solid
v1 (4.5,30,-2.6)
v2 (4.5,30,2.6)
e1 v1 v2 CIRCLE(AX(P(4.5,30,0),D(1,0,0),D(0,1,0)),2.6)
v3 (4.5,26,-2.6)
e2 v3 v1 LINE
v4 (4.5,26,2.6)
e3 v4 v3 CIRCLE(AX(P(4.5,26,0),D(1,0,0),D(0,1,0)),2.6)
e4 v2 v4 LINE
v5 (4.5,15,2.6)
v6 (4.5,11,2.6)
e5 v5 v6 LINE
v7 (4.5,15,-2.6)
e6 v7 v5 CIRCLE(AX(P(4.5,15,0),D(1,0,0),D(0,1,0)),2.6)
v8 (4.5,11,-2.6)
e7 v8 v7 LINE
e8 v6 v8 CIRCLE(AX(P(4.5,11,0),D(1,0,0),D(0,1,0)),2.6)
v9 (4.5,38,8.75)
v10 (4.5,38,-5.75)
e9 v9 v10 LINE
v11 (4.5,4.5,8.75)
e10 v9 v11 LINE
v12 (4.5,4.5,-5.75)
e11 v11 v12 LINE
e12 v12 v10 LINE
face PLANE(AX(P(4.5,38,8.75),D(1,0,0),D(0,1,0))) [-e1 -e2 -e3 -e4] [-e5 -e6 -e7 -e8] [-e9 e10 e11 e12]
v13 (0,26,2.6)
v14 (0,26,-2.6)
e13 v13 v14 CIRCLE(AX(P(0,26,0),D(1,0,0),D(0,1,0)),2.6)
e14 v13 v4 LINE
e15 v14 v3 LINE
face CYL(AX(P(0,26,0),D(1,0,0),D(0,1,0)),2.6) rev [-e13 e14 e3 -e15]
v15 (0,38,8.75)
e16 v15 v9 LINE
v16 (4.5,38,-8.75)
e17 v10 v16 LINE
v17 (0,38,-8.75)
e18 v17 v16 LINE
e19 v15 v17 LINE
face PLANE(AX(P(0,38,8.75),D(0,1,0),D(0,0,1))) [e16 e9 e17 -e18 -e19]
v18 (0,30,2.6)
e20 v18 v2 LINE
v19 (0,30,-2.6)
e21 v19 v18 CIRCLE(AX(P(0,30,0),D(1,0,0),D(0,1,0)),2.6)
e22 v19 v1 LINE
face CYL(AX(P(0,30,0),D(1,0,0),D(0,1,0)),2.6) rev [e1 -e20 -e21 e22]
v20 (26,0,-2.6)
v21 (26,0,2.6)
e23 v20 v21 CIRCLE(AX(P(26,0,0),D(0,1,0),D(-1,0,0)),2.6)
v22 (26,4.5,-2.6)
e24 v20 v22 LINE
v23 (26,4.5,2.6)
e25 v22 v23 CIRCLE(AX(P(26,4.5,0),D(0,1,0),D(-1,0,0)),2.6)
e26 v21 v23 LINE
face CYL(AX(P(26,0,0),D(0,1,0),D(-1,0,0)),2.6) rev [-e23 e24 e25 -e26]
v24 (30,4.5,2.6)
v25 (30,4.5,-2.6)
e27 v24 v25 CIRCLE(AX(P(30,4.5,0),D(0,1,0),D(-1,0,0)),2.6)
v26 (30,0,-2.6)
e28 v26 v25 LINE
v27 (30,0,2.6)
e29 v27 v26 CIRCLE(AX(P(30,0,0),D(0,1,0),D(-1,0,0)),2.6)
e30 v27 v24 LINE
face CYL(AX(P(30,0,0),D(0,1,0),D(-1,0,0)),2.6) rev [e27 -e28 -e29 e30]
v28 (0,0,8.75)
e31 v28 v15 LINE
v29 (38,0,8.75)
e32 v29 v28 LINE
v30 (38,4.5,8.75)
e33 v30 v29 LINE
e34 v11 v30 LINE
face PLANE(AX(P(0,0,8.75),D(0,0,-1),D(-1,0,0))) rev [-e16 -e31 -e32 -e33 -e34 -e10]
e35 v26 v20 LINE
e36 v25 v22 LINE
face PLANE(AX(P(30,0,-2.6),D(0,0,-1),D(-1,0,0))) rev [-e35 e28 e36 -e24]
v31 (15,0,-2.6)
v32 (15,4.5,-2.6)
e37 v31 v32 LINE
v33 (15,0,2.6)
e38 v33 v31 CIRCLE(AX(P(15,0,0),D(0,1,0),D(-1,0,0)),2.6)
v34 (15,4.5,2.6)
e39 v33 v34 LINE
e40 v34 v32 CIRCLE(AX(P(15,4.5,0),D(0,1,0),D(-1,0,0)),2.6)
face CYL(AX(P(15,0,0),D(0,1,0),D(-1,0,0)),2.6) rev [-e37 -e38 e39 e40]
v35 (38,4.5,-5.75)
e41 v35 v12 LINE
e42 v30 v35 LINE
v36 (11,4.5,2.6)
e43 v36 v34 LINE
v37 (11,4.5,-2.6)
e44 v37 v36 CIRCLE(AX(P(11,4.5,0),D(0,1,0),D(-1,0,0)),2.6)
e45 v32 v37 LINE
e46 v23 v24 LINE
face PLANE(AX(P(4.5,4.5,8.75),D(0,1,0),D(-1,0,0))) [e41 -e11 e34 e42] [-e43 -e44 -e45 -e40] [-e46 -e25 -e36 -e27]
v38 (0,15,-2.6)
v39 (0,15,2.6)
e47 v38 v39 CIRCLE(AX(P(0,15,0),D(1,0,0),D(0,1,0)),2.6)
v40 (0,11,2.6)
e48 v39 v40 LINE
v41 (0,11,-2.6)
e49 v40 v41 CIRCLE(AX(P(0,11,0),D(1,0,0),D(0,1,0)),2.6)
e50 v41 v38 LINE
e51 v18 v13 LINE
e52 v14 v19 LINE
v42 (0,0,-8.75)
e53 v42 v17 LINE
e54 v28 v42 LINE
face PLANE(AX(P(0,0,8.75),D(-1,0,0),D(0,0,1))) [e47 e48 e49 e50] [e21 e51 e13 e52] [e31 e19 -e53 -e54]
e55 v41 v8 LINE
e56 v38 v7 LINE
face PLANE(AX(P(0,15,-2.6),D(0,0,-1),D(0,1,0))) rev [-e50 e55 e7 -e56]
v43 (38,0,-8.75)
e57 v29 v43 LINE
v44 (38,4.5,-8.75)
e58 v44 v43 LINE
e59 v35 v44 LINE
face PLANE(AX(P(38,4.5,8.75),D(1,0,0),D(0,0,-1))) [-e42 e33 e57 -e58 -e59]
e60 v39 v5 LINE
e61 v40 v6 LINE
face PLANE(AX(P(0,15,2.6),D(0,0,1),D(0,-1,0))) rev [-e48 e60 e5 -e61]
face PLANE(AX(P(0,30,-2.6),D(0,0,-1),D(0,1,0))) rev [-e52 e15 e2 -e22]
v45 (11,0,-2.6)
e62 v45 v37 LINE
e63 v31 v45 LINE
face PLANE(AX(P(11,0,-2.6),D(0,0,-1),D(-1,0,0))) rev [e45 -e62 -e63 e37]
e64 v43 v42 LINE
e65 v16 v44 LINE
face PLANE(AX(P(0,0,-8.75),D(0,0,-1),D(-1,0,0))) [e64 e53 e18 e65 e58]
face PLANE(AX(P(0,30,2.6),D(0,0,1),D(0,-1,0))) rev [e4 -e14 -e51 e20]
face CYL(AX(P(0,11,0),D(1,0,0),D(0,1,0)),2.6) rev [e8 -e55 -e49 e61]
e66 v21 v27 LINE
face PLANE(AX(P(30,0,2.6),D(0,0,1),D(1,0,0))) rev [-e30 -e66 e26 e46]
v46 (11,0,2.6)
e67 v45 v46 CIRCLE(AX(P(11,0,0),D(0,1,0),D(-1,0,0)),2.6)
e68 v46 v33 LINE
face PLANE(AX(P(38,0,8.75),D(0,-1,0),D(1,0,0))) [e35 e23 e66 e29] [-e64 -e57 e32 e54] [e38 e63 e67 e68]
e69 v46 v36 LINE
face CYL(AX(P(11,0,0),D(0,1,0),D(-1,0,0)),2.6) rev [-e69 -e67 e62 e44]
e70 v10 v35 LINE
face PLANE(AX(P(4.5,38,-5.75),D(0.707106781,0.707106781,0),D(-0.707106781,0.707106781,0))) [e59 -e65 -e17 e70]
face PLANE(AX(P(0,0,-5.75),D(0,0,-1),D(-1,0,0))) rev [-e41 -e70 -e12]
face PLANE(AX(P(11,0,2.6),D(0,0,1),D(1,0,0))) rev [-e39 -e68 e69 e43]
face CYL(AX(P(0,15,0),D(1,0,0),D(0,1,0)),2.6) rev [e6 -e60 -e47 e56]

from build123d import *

# Parameters (mm, degrees)
BOSS_EXTRUDE1_DEPTH = 8.75
BOSS_EXTRUDE2_DEPTH = 3
CUT_EXTRUDE1_DEPTH  = 4.5
CUT_EXTRUDE2_DEPTH  = 4.5


with BuildPart() as part:
    # Sketch1 → Boss-Extrude1 (new, symmetric)
    with BuildSketch(Plane.XY):
        Polygon((0, 0), (0, 38), (4.5, 38), (4.5, 4.5), (38, 4.5), (38, 0), align=None)
    extrude(amount=BOSS_EXTRUDE1_DEPTH, both=True)

    # Sketch2 → Boss-Extrude2 (add)
    with BuildSketch(Plane(origin=(0, 0, -8.75), x_dir=(-1, 0, 0), z_dir=(0, 0, -1))):
        Polygon((-4.5, 38), (-38, 4.5), (-38, 0), (0, 0), (0, 38), align=None)
    extrude(amount=-BOSS_EXTRUDE2_DEPTH)

    # Sketch3 → Cut-Extrude1 (cut)
    with BuildSketch(Plane(origin=(0, 4.5, 0), x_dir=(1, 0, 0), z_dir=(0, 1, 0))):
        with BuildLine():
            Line((30, -2.6), (26, -2.6))
            ThreePointArc((26, -2.6), (23.4, 0), (26, 2.6))
            Line((26, 2.6), (30, 2.6))
            ThreePointArc((30, 2.6), (32.6, 0), (30, -2.6))
        make_face()
        with BuildLine():
            Line((11, 2.6), (15, 2.6))
            ThreePointArc((15, 2.6), (17.6, 0), (15, -2.6))
            Line((15, -2.6), (11, -2.6))
            ThreePointArc((11, -2.6), (8.4, 0), (11, 2.6))
        make_face()
    extrude(amount=-CUT_EXTRUDE1_DEPTH, mode=Mode.SUBTRACT)

    # Sketch4 → Cut-Extrude2 (cut)
    with BuildSketch(Plane(origin=(4.5, 0, 0), x_dir=(0, 0, -1), z_dir=(1, 0, 0))):
        with BuildLine():
            Line((2.6, 30), (2.6, 26))
            ThreePointArc((2.6, 26), (0, 23.4), (-2.6, 26))
            Line((-2.6, 26), (-2.6, 30))
            ThreePointArc((-2.6, 30), (0, 32.6), (2.6, 30))
        make_face()
        with BuildLine():
            Line((2.6, 15), (2.6, 11))
            ThreePointArc((2.6, 11), (0, 8.4), (-2.6, 11))
            Line((-2.6, 11), (-2.6, 15))
            ThreePointArc((-2.6, 15), (0, 17.6), (2.6, 15))
        make_face()
    extrude(amount=-CUT_EXTRUDE2_DEPTH, mode=Mode.SUBTRACT)


solid = part.part
